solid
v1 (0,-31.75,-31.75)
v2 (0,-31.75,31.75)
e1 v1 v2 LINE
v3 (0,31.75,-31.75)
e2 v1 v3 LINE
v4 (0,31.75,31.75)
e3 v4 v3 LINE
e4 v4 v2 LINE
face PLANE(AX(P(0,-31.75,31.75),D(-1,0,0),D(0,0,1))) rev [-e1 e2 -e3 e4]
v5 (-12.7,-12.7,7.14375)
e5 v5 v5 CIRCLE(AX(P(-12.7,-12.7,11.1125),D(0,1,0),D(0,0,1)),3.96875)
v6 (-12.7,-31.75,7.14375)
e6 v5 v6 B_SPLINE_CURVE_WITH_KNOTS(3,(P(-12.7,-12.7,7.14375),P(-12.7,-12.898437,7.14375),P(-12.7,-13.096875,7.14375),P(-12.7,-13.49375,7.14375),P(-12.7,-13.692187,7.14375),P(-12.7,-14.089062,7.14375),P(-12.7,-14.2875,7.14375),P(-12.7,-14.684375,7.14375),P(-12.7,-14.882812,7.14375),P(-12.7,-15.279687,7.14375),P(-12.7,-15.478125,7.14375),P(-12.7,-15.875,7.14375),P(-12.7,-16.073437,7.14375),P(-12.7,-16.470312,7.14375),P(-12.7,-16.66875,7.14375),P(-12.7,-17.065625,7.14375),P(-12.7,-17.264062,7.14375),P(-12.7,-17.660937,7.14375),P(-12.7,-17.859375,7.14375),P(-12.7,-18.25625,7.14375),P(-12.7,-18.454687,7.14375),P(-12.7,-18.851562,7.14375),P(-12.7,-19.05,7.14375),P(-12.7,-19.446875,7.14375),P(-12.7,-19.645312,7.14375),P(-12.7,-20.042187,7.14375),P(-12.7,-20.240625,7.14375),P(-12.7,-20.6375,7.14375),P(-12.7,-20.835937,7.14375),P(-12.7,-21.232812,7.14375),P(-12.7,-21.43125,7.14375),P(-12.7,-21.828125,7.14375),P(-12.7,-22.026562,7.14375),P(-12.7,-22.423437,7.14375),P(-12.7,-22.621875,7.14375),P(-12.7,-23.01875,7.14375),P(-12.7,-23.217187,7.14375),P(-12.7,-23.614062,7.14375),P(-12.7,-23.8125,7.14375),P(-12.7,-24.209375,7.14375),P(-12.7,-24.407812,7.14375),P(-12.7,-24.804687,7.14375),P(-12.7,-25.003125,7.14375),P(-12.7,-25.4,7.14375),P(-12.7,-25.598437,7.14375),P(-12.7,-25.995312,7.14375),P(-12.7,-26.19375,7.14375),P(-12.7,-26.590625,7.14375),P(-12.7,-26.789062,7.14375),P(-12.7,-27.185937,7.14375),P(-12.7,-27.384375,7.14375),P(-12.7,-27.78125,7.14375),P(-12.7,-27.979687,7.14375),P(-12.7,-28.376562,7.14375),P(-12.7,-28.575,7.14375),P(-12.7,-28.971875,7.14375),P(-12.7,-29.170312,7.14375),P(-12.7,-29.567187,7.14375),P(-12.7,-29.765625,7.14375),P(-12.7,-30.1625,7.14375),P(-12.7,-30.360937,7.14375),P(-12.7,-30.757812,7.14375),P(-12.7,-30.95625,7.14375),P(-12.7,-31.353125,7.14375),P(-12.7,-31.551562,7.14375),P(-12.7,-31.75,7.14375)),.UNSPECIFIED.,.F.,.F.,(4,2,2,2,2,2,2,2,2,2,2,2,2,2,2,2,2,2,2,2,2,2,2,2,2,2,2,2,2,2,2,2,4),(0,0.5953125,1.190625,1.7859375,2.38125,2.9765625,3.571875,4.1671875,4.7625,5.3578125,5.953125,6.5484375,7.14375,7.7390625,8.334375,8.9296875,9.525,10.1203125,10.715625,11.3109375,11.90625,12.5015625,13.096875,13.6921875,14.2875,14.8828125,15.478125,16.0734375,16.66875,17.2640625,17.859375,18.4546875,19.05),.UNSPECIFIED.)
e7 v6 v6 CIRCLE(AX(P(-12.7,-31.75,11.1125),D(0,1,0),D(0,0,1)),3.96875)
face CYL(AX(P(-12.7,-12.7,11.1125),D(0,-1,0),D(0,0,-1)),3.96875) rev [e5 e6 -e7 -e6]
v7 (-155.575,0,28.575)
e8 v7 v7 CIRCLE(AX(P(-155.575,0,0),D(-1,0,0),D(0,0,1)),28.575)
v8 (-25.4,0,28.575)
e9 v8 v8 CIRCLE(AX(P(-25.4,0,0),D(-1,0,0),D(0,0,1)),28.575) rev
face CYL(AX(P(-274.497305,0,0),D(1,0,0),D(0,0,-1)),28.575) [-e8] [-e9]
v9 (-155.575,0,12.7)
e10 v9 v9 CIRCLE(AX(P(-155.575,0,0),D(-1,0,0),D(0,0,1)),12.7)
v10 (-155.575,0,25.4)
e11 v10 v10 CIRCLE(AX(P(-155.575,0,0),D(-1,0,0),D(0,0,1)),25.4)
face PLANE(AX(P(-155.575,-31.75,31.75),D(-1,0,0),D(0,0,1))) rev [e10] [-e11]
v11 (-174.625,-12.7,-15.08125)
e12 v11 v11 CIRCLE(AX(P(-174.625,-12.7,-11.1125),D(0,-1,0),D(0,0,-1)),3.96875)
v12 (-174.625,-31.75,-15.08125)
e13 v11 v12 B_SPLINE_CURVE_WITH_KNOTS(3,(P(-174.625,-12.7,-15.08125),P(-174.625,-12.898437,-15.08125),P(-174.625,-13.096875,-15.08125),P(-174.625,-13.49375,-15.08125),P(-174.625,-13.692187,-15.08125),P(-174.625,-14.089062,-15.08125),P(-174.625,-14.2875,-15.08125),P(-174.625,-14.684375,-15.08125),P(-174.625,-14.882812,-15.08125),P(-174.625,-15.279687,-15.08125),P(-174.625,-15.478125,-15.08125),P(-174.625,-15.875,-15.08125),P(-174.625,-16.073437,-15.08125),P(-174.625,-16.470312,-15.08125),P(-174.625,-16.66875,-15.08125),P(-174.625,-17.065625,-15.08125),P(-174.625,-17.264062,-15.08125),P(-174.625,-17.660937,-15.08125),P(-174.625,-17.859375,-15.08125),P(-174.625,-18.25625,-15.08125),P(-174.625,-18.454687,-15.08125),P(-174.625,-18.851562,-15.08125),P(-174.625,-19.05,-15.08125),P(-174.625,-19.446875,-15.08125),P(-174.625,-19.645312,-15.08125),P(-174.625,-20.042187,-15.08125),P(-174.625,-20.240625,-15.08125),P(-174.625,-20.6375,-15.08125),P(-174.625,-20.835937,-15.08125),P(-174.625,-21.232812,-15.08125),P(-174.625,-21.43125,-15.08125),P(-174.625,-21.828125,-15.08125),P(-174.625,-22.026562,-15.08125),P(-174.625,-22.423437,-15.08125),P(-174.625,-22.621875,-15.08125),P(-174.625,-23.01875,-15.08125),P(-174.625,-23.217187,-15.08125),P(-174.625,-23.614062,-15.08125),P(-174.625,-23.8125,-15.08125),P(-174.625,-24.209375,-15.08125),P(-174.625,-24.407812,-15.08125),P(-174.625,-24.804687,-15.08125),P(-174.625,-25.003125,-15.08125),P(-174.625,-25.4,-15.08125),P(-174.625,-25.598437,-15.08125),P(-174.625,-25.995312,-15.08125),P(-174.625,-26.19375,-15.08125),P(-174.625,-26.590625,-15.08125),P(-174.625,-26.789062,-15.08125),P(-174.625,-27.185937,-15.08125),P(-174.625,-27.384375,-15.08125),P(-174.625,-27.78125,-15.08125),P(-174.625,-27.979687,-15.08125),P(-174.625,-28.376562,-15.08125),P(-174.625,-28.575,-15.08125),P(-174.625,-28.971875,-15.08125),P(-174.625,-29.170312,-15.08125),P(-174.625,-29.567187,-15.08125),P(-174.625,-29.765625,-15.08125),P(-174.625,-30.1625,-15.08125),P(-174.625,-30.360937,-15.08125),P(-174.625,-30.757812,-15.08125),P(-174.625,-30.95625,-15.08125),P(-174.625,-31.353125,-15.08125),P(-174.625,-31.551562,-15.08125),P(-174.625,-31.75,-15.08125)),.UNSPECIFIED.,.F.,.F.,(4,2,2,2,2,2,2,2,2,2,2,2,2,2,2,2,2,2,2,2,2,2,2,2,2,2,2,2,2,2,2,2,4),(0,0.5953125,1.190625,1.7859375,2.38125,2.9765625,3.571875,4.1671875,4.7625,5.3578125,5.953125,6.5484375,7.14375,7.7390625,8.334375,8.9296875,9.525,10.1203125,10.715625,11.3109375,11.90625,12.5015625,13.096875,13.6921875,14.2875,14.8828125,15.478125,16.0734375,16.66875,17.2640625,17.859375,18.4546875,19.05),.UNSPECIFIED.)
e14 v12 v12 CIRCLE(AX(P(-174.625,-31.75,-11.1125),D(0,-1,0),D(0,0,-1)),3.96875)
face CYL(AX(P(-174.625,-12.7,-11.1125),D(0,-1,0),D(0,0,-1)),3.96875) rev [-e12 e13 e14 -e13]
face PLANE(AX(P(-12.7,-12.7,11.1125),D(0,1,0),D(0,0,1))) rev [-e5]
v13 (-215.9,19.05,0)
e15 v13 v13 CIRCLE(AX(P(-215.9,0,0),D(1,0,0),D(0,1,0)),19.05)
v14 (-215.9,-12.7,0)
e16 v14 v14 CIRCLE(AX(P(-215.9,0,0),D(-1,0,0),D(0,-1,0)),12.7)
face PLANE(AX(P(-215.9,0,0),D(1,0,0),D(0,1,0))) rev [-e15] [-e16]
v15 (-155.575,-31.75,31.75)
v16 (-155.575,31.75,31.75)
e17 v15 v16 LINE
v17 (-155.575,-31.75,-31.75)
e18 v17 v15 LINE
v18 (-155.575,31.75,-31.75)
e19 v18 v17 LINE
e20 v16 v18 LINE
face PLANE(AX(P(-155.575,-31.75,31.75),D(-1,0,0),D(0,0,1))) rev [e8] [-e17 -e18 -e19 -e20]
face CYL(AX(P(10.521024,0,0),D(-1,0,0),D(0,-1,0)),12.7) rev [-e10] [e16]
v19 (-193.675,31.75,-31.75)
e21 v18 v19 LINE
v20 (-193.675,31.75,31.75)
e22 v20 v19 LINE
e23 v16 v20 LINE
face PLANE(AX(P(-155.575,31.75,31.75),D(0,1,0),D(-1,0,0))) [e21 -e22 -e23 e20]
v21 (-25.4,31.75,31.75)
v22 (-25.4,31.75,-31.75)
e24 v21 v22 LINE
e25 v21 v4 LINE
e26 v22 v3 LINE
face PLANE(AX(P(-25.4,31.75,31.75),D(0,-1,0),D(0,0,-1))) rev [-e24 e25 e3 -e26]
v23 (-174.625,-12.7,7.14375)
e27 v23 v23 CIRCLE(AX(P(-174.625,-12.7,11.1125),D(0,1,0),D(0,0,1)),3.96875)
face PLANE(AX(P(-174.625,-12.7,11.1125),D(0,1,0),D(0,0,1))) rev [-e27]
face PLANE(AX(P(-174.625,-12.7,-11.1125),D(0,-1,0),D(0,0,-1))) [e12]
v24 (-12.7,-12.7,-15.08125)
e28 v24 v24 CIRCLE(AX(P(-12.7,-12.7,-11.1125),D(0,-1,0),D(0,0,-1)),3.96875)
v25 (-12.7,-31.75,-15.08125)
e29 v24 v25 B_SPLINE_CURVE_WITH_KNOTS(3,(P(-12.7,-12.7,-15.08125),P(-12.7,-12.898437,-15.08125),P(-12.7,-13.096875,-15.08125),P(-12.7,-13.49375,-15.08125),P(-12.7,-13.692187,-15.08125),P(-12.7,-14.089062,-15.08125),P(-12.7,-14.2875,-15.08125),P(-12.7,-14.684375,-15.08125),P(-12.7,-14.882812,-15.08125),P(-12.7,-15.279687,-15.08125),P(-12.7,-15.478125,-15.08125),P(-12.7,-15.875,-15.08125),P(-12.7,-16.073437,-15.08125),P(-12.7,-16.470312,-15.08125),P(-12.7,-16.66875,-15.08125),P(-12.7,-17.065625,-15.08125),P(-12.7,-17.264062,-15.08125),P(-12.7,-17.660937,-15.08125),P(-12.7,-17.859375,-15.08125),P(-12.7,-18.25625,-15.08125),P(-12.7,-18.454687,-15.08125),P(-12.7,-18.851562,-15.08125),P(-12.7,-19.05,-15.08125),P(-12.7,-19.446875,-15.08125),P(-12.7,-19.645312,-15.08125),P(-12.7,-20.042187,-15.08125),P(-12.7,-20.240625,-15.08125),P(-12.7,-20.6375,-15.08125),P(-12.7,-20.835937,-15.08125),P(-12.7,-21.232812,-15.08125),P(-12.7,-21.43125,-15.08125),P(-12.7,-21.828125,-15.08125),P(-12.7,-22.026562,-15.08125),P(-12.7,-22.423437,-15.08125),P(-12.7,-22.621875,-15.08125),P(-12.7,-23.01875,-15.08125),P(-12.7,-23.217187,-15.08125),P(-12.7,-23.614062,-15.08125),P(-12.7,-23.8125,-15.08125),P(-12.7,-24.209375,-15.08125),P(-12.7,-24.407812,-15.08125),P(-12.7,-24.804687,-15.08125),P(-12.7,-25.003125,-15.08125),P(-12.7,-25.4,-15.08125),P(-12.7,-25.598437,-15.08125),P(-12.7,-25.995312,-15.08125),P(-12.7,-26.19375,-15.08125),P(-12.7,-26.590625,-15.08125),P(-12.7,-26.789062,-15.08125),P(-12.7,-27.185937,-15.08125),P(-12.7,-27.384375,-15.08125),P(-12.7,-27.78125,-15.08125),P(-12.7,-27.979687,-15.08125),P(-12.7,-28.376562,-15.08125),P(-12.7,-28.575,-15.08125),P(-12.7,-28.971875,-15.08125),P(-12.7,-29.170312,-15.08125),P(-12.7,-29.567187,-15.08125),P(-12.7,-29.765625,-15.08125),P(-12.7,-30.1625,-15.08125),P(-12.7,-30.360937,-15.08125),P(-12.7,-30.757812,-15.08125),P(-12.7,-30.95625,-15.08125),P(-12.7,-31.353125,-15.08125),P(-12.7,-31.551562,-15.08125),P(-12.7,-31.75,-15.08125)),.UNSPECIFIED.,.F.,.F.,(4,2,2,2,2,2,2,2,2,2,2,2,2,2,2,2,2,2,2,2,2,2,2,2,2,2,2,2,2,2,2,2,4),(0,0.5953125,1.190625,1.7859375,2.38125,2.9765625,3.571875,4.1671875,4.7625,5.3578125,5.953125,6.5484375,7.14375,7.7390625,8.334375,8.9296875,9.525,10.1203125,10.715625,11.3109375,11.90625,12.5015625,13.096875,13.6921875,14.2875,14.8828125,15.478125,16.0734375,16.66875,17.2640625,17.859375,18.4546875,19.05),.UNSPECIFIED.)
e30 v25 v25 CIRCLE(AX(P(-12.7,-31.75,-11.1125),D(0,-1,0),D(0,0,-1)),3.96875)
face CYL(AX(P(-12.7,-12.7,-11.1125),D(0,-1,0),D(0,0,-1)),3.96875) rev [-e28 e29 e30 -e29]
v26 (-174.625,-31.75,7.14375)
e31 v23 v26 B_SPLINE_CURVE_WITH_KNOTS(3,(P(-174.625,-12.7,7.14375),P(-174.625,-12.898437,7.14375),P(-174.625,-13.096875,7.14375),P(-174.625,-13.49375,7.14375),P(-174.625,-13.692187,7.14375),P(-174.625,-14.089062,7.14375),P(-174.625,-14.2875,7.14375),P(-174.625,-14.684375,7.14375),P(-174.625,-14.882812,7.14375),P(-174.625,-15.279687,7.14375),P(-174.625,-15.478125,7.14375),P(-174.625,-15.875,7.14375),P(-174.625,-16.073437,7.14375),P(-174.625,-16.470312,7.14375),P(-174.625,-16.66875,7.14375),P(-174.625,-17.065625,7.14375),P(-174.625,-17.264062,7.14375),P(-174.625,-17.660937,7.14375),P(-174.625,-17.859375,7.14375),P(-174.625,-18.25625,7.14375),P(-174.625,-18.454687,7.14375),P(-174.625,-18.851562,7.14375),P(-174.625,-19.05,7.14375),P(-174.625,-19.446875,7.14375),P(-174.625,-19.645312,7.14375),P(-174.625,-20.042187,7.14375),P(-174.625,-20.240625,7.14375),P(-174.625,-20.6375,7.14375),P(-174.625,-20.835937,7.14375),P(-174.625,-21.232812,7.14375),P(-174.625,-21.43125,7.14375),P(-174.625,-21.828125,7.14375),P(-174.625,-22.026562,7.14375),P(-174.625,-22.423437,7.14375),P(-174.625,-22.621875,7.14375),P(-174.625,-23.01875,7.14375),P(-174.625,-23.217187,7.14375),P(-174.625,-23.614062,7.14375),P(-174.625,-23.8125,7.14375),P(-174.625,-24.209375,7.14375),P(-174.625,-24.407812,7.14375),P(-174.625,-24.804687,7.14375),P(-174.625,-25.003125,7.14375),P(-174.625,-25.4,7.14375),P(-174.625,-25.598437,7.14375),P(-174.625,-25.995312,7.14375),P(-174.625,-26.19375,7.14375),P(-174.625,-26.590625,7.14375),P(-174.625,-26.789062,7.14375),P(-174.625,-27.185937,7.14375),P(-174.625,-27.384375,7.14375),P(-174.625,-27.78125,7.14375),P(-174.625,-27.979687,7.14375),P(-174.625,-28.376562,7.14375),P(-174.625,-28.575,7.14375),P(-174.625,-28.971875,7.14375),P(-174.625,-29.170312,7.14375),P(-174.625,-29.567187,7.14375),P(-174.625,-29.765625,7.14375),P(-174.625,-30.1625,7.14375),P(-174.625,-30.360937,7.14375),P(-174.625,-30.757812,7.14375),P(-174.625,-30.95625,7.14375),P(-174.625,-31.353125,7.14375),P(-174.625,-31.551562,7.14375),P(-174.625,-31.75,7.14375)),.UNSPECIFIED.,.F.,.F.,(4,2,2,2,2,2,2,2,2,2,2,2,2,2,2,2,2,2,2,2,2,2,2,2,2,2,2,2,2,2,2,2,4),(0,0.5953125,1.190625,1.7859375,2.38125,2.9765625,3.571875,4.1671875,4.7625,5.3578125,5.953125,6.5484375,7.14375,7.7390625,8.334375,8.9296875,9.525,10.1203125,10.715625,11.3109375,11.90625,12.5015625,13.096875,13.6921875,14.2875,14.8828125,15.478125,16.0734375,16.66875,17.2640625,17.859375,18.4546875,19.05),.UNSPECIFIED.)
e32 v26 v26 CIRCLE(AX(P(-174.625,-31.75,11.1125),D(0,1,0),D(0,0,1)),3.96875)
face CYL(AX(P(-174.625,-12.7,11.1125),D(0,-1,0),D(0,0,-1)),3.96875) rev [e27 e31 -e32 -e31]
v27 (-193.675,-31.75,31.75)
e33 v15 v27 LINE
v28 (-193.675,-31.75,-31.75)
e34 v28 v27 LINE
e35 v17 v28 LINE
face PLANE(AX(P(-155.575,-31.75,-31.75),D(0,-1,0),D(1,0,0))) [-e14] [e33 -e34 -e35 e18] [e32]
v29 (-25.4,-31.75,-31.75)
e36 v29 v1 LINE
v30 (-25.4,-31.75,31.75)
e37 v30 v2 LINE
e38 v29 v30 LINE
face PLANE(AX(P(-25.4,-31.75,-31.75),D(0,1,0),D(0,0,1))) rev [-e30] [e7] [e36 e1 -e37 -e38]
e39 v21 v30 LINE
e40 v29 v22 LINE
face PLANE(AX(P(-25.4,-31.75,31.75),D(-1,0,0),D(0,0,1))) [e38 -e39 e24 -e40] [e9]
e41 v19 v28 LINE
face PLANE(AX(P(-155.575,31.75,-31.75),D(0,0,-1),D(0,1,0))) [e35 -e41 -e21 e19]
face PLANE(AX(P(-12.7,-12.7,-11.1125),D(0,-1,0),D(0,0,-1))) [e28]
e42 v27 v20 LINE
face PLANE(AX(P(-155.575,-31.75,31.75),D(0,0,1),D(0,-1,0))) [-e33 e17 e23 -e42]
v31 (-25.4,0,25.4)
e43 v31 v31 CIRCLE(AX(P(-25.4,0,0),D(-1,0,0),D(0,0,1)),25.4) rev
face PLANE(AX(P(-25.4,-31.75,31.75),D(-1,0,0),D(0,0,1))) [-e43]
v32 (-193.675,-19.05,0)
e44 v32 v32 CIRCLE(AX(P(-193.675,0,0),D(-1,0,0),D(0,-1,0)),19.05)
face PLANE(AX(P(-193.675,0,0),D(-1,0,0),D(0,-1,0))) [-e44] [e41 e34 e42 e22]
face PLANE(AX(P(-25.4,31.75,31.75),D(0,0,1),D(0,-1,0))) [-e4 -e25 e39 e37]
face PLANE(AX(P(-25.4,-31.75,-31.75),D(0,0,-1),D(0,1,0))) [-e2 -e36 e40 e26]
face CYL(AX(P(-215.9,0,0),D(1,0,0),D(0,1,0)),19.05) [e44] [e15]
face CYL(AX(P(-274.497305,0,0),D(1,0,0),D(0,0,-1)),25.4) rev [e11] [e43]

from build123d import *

# Parameters (mm, degrees)
SKETCH1_W                   = 63.5
SKETCH1_H                   = 63.5
BASE_EXTRUDE_DEPTH          = 25.4
SKETCH2_R                   = 28.575
SKETCH2_R_2                 = 25.4
BORE_DEPTH                  = 193.675
SKETCH3_W                   = 63.5
SKETCH3_H                   = 63.5
BOSS_EXTRUDE2_DEPTH         = 38.1
SKETCH4_R                   = 19.05
BOSS_EXTRUDE3_DEPTH         = 22.225
CUT_EXTRUDE1_REACH          = 222.52
SKETCH5_R                   = 12.7
SKETCH6_R                   = 3.96875
TAPPED_BASE_HOLES_MS4_DEPTH = 19.05


with BuildPart() as part:
    # Sketch1 → Base-Extrude (new body)
    with BuildSketch(Plane(origin=(0, 0, 0), x_dir=(0, 0, -1), z_dir=(1, 0, 0))):
        Rectangle(SKETCH1_W, SKETCH1_H)
    extrude(amount=-BASE_EXTRUDE_DEPTH)

    # Sketch2 → BORE (add)
    with BuildSketch(Plane.ZY):
        with Locations(Location((0, 0, 0), (0, 0, 270))):
            Circle(SKETCH2_R)
        with Locations(Location((0, 0, 0), (0, 0, 270))):
            Circle(SKETCH2_R_2, mode=Mode.SUBTRACT)
    extrude(amount=BORE_DEPTH)

    # Sketch3 → Boss-Extrude2 (add)
    with BuildSketch(Plane.ZY.offset(193.675)):
        Rectangle(SKETCH3_W, SKETCH3_H)
    extrude(amount=-BOSS_EXTRUDE2_DEPTH)

    # Sketch4 → Boss-Extrude3 (add)
    with BuildSketch(Plane(origin=(-193.675, 0, 0), x_dir=(0, 0, -1), z_dir=(1, 0, 0))):
        with Locations(Location((0, 0, 0), (0, 0, 90))):
            Circle(SKETCH4_R)
    extrude(amount=-BOSS_EXTRUDE3_DEPTH)

    # Sketch5 → Cut-Extrude1 (cut, up to next)
    with BuildSketch(Plane.ZY.offset(215.9), mode=Mode.PRIVATE) as cut_extrude1_sk1:
        with Locations(Location((0, 0, 0), (0, 0, 270))):
            Circle(SKETCH5_R)
    cut_extrude1_tool1 = extrude(cut_extrude1_sk1.sketch, amount=-CUT_EXTRUDE1_REACH, mode=Mode.PRIVATE) & part.part
    add(cut_extrude1_tool1.solids().sort_by_distance((-215.9, 0, 0))[0], mode=Mode.SUBTRACT)

    # Sketch6 → TAPPED BASE HOLES - MS4 (cut)
    with BuildSketch(Plane(origin=(148.541814714, -31.75, 0.813855987), x_dir=(1, 0, 0), z_dir=(0, -1, 0))):
        with Locations(Location((-161.241814714, 10.298644013, 0), (0, 0, 270))):
            Circle(SKETCH6_R)
        with Locations(Location((-161.241814714, -11.926355987, 0), (0, 0, 270))):
            Circle(SKETCH6_R)
        with Locations(Location((-323.166814714, -11.926355987, 0), (0, 0, 270))):
            Circle(SKETCH6_R)
        with Locations(Location((-323.166814714, 10.298644013, 0), (0, 0, 270))):
            Circle(SKETCH6_R)
    extrude(amount=-TAPPED_BASE_HOLES_MS4_DEPTH, mode=Mode.SUBTRACT)


solid = part.part
